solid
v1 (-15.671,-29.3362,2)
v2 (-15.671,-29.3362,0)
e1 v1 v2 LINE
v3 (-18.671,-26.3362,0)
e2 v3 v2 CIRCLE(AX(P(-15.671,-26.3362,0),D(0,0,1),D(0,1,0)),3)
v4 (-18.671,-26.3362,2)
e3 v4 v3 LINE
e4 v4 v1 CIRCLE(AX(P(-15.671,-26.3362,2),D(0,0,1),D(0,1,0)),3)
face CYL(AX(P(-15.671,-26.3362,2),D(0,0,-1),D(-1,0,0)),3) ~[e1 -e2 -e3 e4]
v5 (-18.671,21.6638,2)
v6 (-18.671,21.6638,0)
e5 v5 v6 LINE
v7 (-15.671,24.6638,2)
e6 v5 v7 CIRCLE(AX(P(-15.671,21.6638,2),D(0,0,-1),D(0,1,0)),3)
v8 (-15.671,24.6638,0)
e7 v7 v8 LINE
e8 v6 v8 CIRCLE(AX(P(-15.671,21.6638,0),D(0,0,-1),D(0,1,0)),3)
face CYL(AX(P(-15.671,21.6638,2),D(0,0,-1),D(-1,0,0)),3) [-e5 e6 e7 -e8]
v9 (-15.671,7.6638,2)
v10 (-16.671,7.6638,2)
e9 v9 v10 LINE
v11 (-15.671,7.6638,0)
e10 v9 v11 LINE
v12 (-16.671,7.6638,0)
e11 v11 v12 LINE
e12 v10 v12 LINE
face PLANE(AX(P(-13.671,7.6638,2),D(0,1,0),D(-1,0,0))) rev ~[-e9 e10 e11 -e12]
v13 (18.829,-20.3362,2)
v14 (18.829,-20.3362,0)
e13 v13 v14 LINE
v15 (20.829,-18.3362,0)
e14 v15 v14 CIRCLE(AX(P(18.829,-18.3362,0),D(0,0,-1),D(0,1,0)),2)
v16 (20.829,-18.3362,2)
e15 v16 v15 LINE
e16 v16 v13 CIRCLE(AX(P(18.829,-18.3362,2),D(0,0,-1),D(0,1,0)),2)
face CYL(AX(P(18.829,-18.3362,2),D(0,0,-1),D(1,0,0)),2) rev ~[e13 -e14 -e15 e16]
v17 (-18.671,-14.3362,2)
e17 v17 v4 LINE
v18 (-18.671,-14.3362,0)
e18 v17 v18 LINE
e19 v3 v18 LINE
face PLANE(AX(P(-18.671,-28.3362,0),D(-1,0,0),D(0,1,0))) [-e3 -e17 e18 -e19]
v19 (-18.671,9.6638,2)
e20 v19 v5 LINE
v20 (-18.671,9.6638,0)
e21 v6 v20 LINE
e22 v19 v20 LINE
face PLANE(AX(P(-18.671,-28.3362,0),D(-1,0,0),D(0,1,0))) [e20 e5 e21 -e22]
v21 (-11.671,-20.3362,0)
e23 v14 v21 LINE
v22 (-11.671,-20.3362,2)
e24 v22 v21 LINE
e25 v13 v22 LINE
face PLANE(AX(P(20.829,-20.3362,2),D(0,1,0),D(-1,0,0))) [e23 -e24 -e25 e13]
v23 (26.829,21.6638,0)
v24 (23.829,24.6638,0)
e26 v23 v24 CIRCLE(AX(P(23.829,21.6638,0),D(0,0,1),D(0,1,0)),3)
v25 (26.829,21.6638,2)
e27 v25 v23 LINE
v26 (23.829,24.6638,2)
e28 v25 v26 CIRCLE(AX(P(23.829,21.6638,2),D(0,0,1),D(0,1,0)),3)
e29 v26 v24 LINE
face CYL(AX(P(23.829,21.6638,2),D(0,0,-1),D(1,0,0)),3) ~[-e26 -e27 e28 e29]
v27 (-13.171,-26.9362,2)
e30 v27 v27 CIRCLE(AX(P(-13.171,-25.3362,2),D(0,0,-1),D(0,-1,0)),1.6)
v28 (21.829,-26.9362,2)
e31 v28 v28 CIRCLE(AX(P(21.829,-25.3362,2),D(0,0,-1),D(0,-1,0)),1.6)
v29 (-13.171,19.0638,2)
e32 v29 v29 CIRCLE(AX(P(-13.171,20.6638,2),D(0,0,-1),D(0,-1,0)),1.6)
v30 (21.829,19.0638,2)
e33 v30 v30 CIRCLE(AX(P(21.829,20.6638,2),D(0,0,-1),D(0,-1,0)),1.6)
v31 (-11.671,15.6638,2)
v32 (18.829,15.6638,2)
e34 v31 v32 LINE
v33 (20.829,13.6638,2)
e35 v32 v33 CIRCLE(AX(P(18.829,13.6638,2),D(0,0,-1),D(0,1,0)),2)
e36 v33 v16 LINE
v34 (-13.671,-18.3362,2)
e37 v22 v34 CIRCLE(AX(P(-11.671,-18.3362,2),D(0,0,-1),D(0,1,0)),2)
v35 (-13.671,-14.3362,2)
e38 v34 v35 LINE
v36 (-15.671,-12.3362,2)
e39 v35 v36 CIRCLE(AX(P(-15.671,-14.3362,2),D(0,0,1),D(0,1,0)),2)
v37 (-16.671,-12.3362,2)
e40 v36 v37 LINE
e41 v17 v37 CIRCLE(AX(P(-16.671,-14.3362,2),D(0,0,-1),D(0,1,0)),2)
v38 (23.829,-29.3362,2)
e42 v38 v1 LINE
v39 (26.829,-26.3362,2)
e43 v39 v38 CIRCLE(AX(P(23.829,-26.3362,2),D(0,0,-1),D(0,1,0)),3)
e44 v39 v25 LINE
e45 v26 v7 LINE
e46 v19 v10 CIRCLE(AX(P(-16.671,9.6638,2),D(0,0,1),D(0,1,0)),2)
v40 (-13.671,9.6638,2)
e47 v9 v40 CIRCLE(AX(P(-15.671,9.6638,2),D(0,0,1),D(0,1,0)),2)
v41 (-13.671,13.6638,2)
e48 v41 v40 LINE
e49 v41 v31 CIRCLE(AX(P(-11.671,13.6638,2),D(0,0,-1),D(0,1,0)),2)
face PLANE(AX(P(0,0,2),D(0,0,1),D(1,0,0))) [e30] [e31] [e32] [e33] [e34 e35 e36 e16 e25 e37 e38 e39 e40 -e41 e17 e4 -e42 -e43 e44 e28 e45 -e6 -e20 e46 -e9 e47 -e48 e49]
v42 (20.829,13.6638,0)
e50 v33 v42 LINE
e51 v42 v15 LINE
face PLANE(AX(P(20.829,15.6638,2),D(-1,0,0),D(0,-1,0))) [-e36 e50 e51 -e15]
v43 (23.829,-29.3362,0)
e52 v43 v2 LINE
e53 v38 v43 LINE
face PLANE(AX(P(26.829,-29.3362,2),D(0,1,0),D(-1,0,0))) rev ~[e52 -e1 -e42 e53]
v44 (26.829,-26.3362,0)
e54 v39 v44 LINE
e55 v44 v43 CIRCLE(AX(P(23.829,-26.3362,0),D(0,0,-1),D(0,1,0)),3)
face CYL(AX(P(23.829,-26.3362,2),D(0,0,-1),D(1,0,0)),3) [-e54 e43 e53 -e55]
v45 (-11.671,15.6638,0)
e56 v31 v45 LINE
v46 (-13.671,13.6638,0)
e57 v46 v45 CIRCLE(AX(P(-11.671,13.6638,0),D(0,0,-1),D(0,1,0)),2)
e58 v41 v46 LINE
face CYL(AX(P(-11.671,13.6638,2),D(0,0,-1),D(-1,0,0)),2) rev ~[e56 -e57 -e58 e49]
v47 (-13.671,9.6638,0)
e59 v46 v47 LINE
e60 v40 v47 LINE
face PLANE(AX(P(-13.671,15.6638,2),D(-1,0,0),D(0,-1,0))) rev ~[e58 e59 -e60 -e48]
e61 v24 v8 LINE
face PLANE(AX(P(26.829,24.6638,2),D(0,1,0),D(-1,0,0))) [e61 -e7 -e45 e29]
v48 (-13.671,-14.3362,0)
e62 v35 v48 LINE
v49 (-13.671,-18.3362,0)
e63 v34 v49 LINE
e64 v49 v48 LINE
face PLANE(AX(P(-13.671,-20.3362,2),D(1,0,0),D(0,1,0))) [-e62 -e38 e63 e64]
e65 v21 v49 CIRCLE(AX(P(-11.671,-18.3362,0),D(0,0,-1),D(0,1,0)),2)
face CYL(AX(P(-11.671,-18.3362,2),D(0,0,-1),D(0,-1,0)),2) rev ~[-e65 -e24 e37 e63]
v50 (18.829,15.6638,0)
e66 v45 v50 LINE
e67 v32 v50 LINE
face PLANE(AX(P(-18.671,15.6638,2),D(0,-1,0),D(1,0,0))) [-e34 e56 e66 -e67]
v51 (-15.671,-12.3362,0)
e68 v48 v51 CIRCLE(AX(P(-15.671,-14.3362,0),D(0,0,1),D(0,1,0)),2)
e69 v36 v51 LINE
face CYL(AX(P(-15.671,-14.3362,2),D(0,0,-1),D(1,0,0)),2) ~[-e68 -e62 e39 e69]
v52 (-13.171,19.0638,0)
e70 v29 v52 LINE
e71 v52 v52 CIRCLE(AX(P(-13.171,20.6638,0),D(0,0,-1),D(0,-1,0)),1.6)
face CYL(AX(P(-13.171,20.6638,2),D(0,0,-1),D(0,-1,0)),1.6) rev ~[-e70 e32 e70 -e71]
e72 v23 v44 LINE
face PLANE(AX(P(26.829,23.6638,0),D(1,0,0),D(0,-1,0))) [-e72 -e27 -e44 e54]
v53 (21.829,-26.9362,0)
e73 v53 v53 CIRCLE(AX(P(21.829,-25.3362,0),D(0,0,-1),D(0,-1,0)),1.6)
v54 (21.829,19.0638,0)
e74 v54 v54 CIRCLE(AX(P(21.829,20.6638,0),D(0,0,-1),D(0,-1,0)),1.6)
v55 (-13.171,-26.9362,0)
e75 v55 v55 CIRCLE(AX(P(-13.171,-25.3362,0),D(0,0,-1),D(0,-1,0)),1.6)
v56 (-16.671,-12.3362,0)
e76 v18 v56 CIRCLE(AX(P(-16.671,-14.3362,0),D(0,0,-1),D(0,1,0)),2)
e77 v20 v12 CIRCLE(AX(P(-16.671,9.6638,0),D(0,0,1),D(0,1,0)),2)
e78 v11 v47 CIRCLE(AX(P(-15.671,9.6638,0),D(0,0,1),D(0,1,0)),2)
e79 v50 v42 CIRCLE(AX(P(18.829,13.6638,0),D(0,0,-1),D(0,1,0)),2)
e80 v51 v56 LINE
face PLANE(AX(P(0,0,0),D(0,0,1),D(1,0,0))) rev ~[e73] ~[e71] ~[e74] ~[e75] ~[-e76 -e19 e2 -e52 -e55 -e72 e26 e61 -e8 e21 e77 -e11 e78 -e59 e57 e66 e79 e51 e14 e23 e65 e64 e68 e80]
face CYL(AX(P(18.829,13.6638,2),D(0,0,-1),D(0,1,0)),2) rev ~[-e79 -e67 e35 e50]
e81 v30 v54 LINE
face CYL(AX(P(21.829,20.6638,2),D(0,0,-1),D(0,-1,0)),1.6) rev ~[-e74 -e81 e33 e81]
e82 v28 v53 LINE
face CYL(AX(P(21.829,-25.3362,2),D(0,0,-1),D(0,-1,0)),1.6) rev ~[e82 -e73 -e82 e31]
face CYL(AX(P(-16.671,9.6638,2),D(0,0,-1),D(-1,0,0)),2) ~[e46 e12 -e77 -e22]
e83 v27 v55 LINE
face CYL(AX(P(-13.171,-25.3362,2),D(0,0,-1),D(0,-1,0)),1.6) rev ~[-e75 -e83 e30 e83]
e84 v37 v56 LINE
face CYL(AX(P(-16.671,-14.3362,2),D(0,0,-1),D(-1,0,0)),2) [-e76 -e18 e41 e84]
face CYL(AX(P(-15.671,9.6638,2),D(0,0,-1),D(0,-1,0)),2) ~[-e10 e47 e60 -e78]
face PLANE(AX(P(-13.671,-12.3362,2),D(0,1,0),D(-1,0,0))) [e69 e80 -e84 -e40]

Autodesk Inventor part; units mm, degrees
ref_plane "YZ Plane" through (0, 0, 0) normal (1, 0, 0) x (0, 1, 0)
ref_plane "XZ Plane" through (0, 0, 0) normal (0, 1, 0) x (-1, 0, 0)
ref_plane "XY Plane" through (0, 0, 0) normal (0, 0, 1) x (1, 0, 0)
sketch "Sketch1" plane through (0, 0, 0) normal (0, 0, 1) x (1, 0, 0)
  line L0 (-18.671, 23.6638) -> (26.829, 23.6638)
  line L1 (26.829, 23.6638) -> (26.829, -28.3362)
  line L2 (26.829, -28.3362) -> (-18.671, -28.3362)
  line L3 (-18.671, -28.3362) -> (-18.671, 23.6638)
  point P0 (0, 0)
  dimension "d0" = 52
  dimension "d1" = 45.5
extrude "Extrusion1" add sketch "Sketch1" along normal blind 2
sketch "Sketch2" plane through (0, 0, 2) normal (0, 0, 1) x (1, 0, 0)
  line L0 (-18.671, -28.3362) -> (26.829, -28.3362) projected
  line L1 (26.829, -28.3362) -> (26.829, 23.6638) projected
  line L2 (26.829, 23.6638) -> (-18.671, 23.6638) projected
  point P0 (0, 0)
  point P1 (-13.171, 20.6638)
  point P2 (21.829, 20.6638)
  point P3 (21.829, -25.3362)
  point P4 (-13.171, -25.3362)
  point P5 (23.829, -28.3362)
  point P6 (26.829, -25.3362)
  point P7 (26.829, 20.6638)
  point P8 (23.829, 23.6638)
  dimension "d5" = 35
  dimension "d6" = 35
  dimension "d7" = 46
  dimension "d8" = 3
  dimension "d9" = 3
  dimension "d10" = 5
  dimension "d11" = 5
  dimension "d12" = 3
hole "Hole1" at (-13.171, 20.6638, 2) at (21.829, 20.6638, 2) at (21.829, -25.3362, 2) at (-13.171, -25.3362, 2) direction (0, 0, -1) diameter 3.2 depth 10 tip angle 118
sketch "Sketch3" plane through (0, 0, 2) normal (0, 0, 1) x (1, 0, 0)
  line L0 (-18.671, 23.6638) -> (-18.671, -28.3362) projected
  line L1 (-18.671, 15.6638) -> (20.829, 15.6638)
  line L2 (20.829, 15.6638) -> (20.829, -20.3362)
  line L3 (20.829, -20.3362) -> (-18.671, -20.3362)
  line L4 (-18.671, -20.3362) -> (-18.671, 15.6638)
  circle A0 centre (-13.171, 20.6638) radius 1.6 projected
  line L5 (26.829, -28.3362) -> (26.829, 23.6638) projected
  circle A1 centre (-13.171, -25.3362) radius 1.6 projected
  point P0 (0, 0)
  point P1 (26.829, -25.3362)
  point P2 (26.829, 20.6638)
  dimension "d20" = 5
  dimension "d21" = 6
  dimension "d22" = 5
extrude "Extrusion2" cut sketch "Sketch3" against normal blind 2 contours L1 L2 L3 L0
sketch "Sketch4" plane through (0, 0, 2) normal (0, 0, 1) x (1, 0, 0)
  line L0 (-18.671, 15.6638) -> (20.829, 15.6638) projected
  line L1 (-18.671, 15.6638) -> (-13.671, 15.6638)
  line L2 (-13.671, 15.6638) -> (-13.671, 7.6638)
  line L3 (-13.671, 7.6638) -> (-18.671, 7.6638)
  line L4 (-18.671, 7.6638) -> (-18.671, 15.6638)
  line L5 (-18.671, -20.3362) -> (-18.671, -28.3362) projected
  line L6 (-18.671, -20.3362) -> (-13.671, -20.3362)
  line L7 (-13.671, -20.3362) -> (-13.671, -12.3362)
  line L8 (-13.671, -12.3362) -> (-18.671, -12.3362)
  line L9 (-18.671, -12.3362) -> (-18.671, -20.3362)
  point P0 (0, 0)
  point P1 (17.829, 15.6638)
  point P2 (-18.671, -25.3362)
  dimension "d27" = 8
  dimension "d28" = 8
  dimension "d29" = 5
extrude "Extrusion3" add sketch "Sketch4" against normal blind 2
fillet "Fillet5" radius 2 4 edges at (-13.671, 7.6638, 1) (-18.671, 7.6638, 1) (-18.671, -12.3362, 1) (-13.671, -12.3362, 1)
sketch "Sketch5" plane through (0, 0, 2) normal (0, 0, 1) x (1, 0, 0)
  line L0 (26.829, 23.6638) -> (-18.671, 23.6638) projected
  line L1 (-18.671, 23.6638) -> (26.829, 23.6638)
  line L2 (26.829, 23.6638) -> (26.829, 24.6638)
  line L3 (26.829, 24.6638) -> (-18.671, 24.6638)
  line L4 (-18.671, 24.6638) -> (-18.671, 23.6638)
  line L5 (-18.671, -28.3362) -> (26.829, -28.3362) projected
  line L6 (-18.671, -28.3362) -> (26.829, -28.3362)
  line L7 (26.829, -28.3362) -> (26.829, -29.3362)
  line L8 (26.829, -29.3362) -> (-18.671, -29.3362)
  line L9 (-18.671, -29.3362) -> (-18.671, -28.3362)
  line L10 (26.829, -28.3362) -> (26.829, 23.6638) projected
  point P0 (0, 0)
  dimension "d37" = 1
  dimension "d38" = 1
extrude "Extrusion4" add sketch "Sketch5" against normal blind 2
fillet "Fillet6" radius 3 4 edges at (-18.671, 24.6638, 1) (26.829, 24.6638, 1) (26.829, -29.3362, 1) (-18.671, -29.3362, 1)
fillet "Fillet7" radius 2 4 edges at (-13.671, 15.6638, 1) (20.829, 15.6638, 1) (20.829, -20.3362, 1) (-13.671, -20.3362, 1)
properties part number "wood_supp"
